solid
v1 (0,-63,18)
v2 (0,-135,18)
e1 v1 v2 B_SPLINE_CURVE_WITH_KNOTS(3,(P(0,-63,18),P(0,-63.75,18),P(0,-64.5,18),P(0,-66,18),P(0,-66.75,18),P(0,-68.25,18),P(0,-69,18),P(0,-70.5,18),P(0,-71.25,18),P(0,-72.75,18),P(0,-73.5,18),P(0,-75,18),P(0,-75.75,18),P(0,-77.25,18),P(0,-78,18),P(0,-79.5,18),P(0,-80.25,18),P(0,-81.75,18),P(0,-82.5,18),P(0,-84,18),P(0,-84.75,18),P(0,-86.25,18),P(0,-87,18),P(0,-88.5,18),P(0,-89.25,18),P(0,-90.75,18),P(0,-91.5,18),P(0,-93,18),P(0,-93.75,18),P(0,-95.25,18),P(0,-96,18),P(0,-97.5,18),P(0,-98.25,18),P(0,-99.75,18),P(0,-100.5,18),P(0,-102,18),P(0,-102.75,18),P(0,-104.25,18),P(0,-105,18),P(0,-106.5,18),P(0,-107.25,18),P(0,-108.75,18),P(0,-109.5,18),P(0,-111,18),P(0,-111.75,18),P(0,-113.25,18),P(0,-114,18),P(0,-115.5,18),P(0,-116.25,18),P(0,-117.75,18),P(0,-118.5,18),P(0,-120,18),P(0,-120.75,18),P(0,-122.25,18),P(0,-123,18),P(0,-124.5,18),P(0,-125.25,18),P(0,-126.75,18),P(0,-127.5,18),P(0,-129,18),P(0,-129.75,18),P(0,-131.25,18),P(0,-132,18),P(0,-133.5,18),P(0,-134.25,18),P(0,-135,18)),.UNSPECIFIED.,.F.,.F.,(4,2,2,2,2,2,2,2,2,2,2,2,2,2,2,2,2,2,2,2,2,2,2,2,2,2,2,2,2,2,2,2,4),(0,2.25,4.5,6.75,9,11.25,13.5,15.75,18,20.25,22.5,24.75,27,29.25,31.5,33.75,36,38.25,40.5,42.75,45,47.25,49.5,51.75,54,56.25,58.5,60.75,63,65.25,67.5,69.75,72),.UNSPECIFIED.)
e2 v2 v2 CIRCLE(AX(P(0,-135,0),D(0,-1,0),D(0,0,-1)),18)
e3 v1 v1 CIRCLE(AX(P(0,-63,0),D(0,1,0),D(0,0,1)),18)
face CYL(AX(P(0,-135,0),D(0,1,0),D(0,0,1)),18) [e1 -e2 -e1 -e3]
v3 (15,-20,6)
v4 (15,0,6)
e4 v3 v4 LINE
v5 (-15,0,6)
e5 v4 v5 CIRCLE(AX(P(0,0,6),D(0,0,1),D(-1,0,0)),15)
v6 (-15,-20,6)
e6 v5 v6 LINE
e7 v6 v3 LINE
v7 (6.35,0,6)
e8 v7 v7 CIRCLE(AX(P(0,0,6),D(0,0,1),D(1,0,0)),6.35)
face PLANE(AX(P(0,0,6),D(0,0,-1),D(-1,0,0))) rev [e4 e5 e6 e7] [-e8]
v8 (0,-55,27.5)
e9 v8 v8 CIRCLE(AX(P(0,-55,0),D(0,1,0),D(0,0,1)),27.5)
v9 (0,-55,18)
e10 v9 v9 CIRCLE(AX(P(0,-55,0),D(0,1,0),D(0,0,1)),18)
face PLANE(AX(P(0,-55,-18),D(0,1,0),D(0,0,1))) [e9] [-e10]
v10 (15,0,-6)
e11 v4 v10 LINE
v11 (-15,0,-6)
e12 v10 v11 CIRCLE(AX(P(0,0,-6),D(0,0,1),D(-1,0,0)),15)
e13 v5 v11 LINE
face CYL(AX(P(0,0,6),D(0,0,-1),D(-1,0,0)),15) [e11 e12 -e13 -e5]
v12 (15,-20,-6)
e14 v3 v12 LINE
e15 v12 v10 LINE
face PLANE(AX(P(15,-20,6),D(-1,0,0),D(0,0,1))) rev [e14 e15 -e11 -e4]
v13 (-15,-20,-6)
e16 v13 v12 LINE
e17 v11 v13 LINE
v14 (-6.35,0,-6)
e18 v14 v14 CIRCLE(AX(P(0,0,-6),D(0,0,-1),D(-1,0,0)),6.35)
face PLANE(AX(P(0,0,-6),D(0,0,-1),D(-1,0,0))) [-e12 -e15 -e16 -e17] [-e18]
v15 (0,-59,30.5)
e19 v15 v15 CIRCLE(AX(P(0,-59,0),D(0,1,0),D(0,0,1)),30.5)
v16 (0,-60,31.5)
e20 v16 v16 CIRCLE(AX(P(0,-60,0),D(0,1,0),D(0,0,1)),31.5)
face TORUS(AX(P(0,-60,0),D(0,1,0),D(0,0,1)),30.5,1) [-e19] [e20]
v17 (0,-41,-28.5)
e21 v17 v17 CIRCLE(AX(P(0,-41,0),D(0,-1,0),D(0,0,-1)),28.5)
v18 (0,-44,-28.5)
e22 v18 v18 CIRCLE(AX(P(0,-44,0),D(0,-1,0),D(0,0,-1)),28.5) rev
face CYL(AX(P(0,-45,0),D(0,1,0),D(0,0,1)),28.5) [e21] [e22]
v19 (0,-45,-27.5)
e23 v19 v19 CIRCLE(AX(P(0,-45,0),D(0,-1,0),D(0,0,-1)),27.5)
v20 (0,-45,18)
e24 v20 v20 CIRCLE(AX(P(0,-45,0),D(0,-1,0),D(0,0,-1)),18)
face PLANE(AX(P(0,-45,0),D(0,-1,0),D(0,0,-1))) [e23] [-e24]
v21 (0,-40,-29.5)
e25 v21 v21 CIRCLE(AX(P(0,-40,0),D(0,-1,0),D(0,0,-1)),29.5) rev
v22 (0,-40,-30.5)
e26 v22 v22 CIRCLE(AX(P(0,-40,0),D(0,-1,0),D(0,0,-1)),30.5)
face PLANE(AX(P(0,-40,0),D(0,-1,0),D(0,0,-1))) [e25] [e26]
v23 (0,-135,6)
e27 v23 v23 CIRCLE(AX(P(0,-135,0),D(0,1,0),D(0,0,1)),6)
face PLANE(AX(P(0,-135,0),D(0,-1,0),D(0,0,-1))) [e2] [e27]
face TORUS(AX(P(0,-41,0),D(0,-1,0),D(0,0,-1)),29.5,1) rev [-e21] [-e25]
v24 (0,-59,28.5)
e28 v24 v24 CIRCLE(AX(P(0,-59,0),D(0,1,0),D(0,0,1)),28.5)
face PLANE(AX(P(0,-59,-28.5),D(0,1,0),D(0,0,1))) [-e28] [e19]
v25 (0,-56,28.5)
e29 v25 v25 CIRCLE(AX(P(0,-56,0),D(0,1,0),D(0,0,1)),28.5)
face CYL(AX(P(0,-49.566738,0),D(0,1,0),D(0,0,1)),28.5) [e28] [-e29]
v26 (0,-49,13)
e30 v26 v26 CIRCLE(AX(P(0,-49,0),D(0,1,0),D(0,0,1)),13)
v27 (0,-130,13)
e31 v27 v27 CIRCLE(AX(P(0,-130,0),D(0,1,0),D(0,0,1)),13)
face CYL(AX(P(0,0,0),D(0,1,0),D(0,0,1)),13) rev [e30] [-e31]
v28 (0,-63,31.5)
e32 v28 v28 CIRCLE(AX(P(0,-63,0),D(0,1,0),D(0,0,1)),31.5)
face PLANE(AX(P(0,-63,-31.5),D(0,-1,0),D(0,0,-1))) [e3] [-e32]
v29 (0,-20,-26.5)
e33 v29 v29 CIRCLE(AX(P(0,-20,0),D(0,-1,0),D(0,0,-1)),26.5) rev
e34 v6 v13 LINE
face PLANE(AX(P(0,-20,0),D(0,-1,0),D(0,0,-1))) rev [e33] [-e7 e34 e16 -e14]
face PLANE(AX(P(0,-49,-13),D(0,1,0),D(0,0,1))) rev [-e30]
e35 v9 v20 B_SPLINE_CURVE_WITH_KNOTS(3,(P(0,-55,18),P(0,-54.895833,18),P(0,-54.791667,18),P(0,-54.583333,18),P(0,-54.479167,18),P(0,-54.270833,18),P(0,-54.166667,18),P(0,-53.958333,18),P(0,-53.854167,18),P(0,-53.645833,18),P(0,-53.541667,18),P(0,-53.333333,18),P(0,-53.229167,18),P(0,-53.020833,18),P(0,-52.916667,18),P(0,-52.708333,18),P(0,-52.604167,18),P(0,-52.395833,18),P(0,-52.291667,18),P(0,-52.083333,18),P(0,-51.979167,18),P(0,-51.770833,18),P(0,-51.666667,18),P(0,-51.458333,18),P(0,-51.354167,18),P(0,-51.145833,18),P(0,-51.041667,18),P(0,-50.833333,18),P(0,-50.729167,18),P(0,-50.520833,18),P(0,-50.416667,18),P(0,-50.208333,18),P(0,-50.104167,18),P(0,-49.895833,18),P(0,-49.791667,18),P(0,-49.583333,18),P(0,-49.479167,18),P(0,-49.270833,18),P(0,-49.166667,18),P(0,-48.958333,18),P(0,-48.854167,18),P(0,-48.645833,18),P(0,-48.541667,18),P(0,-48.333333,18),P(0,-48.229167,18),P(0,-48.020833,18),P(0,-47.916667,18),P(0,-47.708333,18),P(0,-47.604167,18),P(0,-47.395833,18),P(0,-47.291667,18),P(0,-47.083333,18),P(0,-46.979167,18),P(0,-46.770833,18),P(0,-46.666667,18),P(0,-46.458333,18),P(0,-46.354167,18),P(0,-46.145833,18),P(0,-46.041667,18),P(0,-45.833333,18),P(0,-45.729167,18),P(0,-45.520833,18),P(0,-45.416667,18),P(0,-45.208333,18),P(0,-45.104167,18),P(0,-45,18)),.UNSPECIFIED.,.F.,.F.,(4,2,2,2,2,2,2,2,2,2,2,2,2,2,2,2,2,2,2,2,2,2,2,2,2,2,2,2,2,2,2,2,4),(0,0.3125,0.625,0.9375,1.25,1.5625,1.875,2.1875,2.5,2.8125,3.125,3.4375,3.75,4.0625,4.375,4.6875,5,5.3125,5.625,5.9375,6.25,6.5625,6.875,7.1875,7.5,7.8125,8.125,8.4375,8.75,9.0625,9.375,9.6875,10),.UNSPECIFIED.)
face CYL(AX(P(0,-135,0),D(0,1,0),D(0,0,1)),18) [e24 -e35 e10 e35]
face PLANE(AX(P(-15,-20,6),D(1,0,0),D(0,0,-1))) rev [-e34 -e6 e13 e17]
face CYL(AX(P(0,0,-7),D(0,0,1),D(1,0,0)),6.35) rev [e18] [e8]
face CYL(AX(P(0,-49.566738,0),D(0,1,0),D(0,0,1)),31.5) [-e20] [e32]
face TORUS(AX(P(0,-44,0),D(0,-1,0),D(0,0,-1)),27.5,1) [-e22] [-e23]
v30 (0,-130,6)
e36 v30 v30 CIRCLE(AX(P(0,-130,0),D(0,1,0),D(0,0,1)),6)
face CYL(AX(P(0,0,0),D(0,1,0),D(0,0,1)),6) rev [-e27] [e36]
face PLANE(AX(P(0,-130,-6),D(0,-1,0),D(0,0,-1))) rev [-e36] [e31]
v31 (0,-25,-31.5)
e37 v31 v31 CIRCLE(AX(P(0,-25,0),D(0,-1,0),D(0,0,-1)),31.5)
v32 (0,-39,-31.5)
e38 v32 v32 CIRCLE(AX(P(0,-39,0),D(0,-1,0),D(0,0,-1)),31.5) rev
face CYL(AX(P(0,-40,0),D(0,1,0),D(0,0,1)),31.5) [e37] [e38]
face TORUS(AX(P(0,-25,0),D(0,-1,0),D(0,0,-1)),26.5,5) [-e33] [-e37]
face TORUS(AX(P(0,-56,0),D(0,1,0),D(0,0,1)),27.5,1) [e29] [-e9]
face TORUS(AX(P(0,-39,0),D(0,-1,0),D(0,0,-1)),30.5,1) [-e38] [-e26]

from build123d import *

# Parameters (mm, degrees)
BOSS_EXTRUDE1_DEPTH = 6
SKETCH2_R           = 31.5
BOSS_EXTRUDE2_DEPTH = 20
SKETCH3_R           = 28.5
BOSS_EXTRUDE3_DEPTH = 5
FILLET1_R           = 5
FILLET2_R           = 1
SKETCH4_R           = 6.35
CUT_EXTRUDE1_DEPTH  = 13
SKETCH5_R           = 18
BOSS_EXTRUDE4_DEPTH = 90


with BuildPart() as part:
    # Sketch1 → Boss-Extrude1 (new, symmetric)
    with BuildSketch(Plane.XY):
        with BuildLine():
            Line((-15, -20), (15, -20))
            Line((15, -20), (15, 0))
            ThreePointArc((15, 0), (0, 15), (-15, 0))
            Line((-15, 0), (-15, -20))
        make_face()
    extrude(amount=BOSS_EXTRUDE1_DEPTH, both=True)

    # Sketch2 → Boss-Extrude2 (add)
    with BuildSketch(Plane.XZ.offset(20)):
        with Locations(Location((0, 0, 0), (0, 0, 270))):
            Circle(SKETCH2_R)
    extrude(amount=BOSS_EXTRUDE2_DEPTH)

    # Sketch3 → Boss-Extrude3 (add)
    with BuildSketch(Plane.XZ.offset(40)):
        with Locations(Location((0, 0, 0), (0, 0, 270))):
            Circle(SKETCH3_R)
    extrude(amount=BOSS_EXTRUDE3_DEPTH)

    # Fillet1
    fillet1_edges = [part.edges().sort_by_distance(p)[0] for p in [
        (0, -20, 31.5),
    ]]
    fillet(fillet1_edges, radius=FILLET1_R)

    # Fillet2
    fillet2_edges = [part.edges().sort_by_distance(p)[0] for p in [
        (0, -40, 31.5),
        (0, -40, 28.5),
        (0, -45, 28.5),
    ]]
    fillet(fillet2_edges, radius=FILLET2_R)

    # Sketch4 → Cut-Extrude1 (cut)
    with BuildSketch(Plane.XY.offset(6)):
        Circle(SKETCH4_R)
    extrude(amount=-CUT_EXTRUDE1_DEPTH, mode=Mode.SUBTRACT)

    # Sketch5 → Boss-Extrude4 (add)
    with BuildSketch(Plane.XZ.offset(45)):
        with Locations(Location((0, 0, 0), (0, 0, 90))):
            Circle(SKETCH5_R)
    extrude(amount=BOSS_EXTRUDE4_DEPTH)

    # Sketch7 → Cut-Revolve1 (revolve, cut)
    with BuildSketch(Plane(origin=(0, 0, 0), x_dir=(0, 0, -1), z_dir=(1, 0, 0))):
        Polygon((0, -135), (-6, -135), (-6, -130), (-13, -130), (-13, -49), (0, -49), align=None)
    revolve(axis=Axis((0, 0, 0), (0, -1, 0)), mode=Mode.SUBTRACT)

    # Sketch8 → Revolve1 (revolve)
    with BuildSketch(Plane(origin=(0, 0, 0), x_dir=(0, 0, -1), z_dir=(1, 0, 0))):
        with BuildLine():
            Line((-18, -55), (-27.5, -55))
            ThreePointArc((-27.5, -55), (-28.207106781, -55.292893219), (-28.5, -56))
            Line((-28.5, -56), (-28.5, -59))
            Line((-28.5, -59), (-30.5, -59))
            ThreePointArc((-30.5, -59), (-31.207106781, -59.292893219), (-31.5, -60))
            Line((-31.5, -60), (-31.5, -63))
            Line((-31.5, -63), (-18, -63))
            Line((-18, -63), (-18, -55))
        make_face()
    revolve(axis=Axis((0, -49.566737635, 0), (0, -1, 0)))


solid = part.part
